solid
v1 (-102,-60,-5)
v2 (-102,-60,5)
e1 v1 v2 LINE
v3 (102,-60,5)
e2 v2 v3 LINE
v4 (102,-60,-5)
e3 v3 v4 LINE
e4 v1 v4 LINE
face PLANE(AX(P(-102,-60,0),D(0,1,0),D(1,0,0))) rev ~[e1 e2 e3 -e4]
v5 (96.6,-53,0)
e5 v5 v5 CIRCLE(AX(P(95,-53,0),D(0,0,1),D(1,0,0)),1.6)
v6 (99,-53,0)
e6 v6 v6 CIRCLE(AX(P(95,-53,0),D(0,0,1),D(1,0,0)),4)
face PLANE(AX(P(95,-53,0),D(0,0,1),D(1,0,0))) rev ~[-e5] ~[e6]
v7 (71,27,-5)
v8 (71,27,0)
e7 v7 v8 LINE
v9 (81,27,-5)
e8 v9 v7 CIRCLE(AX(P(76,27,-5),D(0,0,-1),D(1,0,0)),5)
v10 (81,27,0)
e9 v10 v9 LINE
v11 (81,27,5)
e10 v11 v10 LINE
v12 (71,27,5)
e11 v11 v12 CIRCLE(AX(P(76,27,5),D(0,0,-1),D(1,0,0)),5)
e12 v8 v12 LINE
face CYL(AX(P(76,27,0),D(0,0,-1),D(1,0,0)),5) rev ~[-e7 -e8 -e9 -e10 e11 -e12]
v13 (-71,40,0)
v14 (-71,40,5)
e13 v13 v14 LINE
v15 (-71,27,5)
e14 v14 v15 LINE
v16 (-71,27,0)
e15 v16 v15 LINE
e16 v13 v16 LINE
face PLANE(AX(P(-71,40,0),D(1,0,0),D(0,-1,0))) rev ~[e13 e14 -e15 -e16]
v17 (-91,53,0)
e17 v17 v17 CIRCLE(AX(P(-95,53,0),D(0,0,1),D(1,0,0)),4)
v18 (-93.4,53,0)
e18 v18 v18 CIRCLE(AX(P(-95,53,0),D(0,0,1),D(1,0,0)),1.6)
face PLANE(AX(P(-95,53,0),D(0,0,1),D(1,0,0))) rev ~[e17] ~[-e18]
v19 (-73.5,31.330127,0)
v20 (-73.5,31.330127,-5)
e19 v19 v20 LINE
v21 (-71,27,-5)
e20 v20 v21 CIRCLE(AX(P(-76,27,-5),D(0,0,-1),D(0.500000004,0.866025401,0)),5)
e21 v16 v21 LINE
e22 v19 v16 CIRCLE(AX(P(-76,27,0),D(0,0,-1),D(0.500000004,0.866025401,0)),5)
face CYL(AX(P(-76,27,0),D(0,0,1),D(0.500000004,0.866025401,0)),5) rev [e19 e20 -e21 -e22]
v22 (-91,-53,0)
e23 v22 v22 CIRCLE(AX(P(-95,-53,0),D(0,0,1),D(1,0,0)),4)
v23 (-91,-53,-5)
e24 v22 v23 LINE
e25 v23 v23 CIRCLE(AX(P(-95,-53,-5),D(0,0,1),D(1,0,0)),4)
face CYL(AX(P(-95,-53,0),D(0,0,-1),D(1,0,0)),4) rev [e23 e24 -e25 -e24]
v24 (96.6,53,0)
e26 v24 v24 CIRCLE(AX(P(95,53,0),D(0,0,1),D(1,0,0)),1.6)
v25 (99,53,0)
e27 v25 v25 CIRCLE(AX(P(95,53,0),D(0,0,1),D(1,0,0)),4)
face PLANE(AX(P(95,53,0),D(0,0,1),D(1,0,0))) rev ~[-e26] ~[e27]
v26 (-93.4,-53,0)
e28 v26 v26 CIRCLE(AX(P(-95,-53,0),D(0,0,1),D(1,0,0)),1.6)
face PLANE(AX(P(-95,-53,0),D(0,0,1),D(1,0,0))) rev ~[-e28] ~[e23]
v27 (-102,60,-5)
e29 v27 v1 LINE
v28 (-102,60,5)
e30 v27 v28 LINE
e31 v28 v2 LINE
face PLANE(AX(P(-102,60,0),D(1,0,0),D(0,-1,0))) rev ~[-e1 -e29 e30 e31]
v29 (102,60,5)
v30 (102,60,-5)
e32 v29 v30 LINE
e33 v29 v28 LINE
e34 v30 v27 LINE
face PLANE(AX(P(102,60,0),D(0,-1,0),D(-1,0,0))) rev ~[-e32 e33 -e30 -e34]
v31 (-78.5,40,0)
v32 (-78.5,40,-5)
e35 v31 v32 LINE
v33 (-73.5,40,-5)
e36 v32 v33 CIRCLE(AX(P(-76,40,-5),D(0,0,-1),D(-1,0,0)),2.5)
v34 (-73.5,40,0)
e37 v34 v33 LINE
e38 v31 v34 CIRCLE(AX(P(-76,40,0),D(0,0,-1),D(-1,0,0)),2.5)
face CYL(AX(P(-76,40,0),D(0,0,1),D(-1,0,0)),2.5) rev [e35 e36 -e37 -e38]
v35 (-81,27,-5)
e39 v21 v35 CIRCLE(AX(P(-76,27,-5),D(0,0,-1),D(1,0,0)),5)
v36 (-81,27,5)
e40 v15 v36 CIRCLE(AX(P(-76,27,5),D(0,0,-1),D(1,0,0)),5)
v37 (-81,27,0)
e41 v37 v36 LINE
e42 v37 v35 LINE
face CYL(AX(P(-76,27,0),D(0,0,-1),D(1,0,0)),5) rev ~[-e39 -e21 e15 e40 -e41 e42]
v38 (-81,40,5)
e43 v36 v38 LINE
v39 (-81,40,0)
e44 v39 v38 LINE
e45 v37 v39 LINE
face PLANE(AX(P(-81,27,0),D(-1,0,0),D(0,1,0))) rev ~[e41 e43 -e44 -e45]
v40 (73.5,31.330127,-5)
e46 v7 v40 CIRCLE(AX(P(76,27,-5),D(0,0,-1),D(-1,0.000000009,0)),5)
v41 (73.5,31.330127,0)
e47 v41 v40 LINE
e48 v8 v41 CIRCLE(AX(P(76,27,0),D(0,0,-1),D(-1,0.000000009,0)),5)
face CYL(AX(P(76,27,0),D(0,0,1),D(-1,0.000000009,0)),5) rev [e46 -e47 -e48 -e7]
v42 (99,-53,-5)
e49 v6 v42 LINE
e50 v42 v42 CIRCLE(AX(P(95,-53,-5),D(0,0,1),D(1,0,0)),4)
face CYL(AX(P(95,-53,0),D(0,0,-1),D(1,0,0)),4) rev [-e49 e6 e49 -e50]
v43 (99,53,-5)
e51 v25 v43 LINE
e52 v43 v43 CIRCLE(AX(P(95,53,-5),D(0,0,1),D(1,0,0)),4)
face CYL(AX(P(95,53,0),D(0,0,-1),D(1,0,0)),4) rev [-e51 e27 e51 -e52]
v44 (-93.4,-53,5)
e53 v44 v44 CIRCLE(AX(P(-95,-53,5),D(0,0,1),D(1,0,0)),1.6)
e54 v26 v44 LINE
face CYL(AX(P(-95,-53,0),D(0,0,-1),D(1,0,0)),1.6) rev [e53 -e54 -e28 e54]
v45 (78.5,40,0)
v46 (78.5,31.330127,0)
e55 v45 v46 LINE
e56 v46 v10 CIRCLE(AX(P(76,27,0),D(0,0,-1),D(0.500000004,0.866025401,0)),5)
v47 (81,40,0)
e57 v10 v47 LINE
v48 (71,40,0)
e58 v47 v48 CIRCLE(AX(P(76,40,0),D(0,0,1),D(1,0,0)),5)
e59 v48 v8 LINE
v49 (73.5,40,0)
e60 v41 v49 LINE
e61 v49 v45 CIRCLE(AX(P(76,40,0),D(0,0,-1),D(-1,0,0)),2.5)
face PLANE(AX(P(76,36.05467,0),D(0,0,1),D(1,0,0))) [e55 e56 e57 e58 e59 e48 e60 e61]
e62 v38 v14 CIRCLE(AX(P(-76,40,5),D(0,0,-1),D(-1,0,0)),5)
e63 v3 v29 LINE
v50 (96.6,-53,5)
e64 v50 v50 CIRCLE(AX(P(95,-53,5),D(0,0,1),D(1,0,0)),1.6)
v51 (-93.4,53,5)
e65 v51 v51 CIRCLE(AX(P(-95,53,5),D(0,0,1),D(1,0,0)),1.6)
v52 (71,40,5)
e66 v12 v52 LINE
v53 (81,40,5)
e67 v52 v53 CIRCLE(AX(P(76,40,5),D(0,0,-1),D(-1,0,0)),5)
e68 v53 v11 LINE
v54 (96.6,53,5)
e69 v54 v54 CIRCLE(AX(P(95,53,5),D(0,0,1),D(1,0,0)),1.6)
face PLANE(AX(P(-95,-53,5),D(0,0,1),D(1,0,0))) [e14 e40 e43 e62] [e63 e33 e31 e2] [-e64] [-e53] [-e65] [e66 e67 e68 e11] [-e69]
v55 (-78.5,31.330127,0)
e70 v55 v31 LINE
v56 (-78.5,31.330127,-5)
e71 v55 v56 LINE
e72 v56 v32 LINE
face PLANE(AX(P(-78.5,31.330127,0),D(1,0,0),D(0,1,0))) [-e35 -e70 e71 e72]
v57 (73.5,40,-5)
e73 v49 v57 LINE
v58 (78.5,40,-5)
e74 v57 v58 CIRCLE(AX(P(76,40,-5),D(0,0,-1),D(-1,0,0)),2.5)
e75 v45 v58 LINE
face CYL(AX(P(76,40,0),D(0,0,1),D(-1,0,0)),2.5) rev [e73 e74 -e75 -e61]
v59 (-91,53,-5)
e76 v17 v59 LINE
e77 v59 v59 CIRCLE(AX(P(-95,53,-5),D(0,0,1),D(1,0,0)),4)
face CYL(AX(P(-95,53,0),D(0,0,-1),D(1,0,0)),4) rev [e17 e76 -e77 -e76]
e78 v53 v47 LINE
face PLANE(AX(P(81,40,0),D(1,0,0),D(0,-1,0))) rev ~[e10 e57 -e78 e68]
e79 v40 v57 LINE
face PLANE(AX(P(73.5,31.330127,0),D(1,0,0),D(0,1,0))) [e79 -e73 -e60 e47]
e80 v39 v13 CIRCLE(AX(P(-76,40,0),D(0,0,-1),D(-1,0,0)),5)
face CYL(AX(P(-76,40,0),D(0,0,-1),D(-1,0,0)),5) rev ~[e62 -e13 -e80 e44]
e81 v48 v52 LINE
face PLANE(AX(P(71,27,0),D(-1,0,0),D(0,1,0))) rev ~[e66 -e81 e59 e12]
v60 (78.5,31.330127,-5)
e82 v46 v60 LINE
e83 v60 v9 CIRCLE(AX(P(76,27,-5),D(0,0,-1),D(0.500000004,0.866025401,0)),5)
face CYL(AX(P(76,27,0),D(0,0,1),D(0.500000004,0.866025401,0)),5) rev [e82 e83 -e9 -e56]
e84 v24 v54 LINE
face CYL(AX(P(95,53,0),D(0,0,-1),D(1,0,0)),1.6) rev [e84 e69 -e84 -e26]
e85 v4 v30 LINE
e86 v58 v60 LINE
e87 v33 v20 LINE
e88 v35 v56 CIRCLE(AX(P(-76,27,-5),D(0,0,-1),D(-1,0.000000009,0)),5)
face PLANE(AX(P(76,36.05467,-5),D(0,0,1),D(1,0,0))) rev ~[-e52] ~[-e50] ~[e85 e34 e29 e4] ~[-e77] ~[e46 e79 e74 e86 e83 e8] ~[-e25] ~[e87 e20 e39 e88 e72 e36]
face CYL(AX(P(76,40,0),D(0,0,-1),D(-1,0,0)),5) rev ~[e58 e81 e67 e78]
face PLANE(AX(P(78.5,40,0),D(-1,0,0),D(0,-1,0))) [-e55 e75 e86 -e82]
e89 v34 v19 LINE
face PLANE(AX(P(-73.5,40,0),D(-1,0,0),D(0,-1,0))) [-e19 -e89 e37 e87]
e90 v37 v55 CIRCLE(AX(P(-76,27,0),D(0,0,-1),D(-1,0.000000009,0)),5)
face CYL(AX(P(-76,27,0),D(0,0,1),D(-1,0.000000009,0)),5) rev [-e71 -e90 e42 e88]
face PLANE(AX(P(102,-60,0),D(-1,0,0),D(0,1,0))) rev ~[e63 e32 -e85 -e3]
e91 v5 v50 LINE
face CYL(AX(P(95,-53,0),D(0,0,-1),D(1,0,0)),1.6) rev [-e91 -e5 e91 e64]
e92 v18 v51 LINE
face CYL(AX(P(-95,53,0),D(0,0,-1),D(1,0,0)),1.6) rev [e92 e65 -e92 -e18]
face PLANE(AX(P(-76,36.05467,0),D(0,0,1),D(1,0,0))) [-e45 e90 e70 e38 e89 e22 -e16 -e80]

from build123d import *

# Parameters (mm, degrees)
F0_R     = 4
F1_DEPTH = 5
F2_DEPTH = 5
F3_DEPTH = 5
F0_R_2   = 1.6
F4_DEPTH = 5
F5_DEPTH = 5
F6_DEPTH = 5
F7_DEPTH = 5
F8_DEPTH = 5


with BuildPart() as f1:
    # F0 (on Top) → F1 (new body)
    with BuildSketch(Plane.XY):
        Polygon((102, 53), (102, 60), (95, 60), (-95, 60), (-102, 60), (-102, 53), (-102, -53), (-102, -60), (-95, -60), (95, -60), (102, -60), (102, -53), align=None)
        with Locations((-95, -53)):
            Circle(F0_R, mode=Mode.SUBTRACT)
        with Locations((95, -53)):
            Circle(F0_R, mode=Mode.SUBTRACT)
        with BuildLine():
            ThreePointArc((-81, 40), (-76, 45), (-71, 40))
            Line((-71, 40), (-71, 27))
            ThreePointArc((-71, 27), (-76, 22), (-81, 27))
            Line((-81, 27), (-81, 40))
        make_face(mode=Mode.SUBTRACT)
        with Locations((-95, 53)):
            Circle(F0_R, mode=Mode.SUBTRACT)
        with BuildLine():
            Line((71, 27), (71, 40))
            ThreePointArc((71, 40), (76, 45), (81, 40))
            Line((81, 40), (81, 27))
            ThreePointArc((81, 27), (76, 22), (71, 27))
        make_face(mode=Mode.SUBTRACT)
        with Locations((95, 53)):
            Circle(F0_R, mode=Mode.SUBTRACT)
    extrude(amount=-F1_DEPTH)

    # F0 (on Top) → F2 (join)
    with BuildSketch(Plane.XY):
        with BuildLine():
            Line((-71, 27), (-71, 40))
            ThreePointArc((-71, 40), (-76, 45), (-81, 40))
            Line((-81, 40), (-81, 27))
            ThreePointArc((-81, 27), (-80.330127, 29.5), (-78.5, 31.330127))
            Line((-78.5, 31.330127), (-78.5, 40))
            ThreePointArc((-78.5, 40), (-76, 42.5), (-73.5, 40))
            Line((-73.5, 40), (-73.5, 31.330127))
            ThreePointArc((-73.5, 31.330127), (-71.669873, 29.5), (-71, 27))
        make_face()
    extrude(amount=-F2_DEPTH)

    # F0 (on Top) → F3 (join)
    with BuildSketch(Plane.XY):
        Polygon((102, 53), (102, 60), (95, 60), (-95, 60), (-102, 60), (-102, 53), (-102, -53), (-102, -60), (-95, -60), (95, -60), (102, -60), (102, -53), align=None)
        with Locations((-95, -53)):
            Circle(F0_R, mode=Mode.SUBTRACT)
        with Locations((95, -53)):
            Circle(F0_R, mode=Mode.SUBTRACT)
        with BuildLine():
            ThreePointArc((-81, 40), (-76, 45), (-71, 40))
            Line((-71, 40), (-71, 27))
            ThreePointArc((-71, 27), (-76, 22), (-81, 27))
            Line((-81, 27), (-81, 40))
        make_face(mode=Mode.SUBTRACT)
        with Locations((-95, 53)):
            Circle(F0_R, mode=Mode.SUBTRACT)
        with BuildLine():
            Line((71, 27), (71, 40))
            ThreePointArc((71, 40), (76, 45), (81, 40))
            Line((81, 40), (81, 27))
            ThreePointArc((81, 27), (76, 22), (71, 27))
        make_face(mode=Mode.SUBTRACT)
        with Locations((95, 53)):
            Circle(F0_R, mode=Mode.SUBTRACT)
    extrude(amount=F3_DEPTH)

    # F0 (on Top) → F4 (join)
    with BuildSketch(Plane.XY):
        with Locations((95, -53)):
            Circle(F0_R)
        with Locations((95, -53)):
            Circle(F0_R_2, mode=Mode.SUBTRACT)
    extrude(amount=F4_DEPTH)

    # F0 (on Top) → F5 (join)
    with BuildSketch(Plane.XY):
        with BuildLine():
            ThreePointArc((81, 40), (76, 45), (71, 40))
            Line((71, 40), (71, 27))
            ThreePointArc((71, 27), (71.669873, 29.5), (73.5, 31.330127))
            Line((73.5, 31.330127), (73.5, 40))
            ThreePointArc((73.5, 40), (76, 42.5), (78.5, 40))
            Line((78.5, 40), (78.5, 31.330127))
            ThreePointArc((78.5, 31.330127), (80.330127, 29.5), (81, 27))
            Line((81, 27), (81, 40))
        make_face()
    extrude(amount=-F5_DEPTH)

    # F0 (on Top) → F6 (join)
    with BuildSketch(Plane.XY):
        with Locations((95, 53)):
            Circle(F0_R)
        with Locations((95, 53)):
            Circle(F0_R_2, mode=Mode.SUBTRACT)
    extrude(amount=F6_DEPTH)

    # F0 (on Top) → F7 (join)
    with BuildSketch(Plane.XY):
        with Locations((-95, 53)):
            Circle(F0_R)
        with Locations((-95, 53)):
            Circle(F0_R_2, mode=Mode.SUBTRACT)
    extrude(amount=F7_DEPTH)

    # F0 (on Top) → F8 (join)
    with BuildSketch(Plane.XY):
        with Locations((-95, -53)):
            Circle(F0_R)
        with Locations((-95, -53)):
            Circle(F0_R_2, mode=Mode.SUBTRACT)
    extrude(amount=F8_DEPTH)


solid = f1.part
